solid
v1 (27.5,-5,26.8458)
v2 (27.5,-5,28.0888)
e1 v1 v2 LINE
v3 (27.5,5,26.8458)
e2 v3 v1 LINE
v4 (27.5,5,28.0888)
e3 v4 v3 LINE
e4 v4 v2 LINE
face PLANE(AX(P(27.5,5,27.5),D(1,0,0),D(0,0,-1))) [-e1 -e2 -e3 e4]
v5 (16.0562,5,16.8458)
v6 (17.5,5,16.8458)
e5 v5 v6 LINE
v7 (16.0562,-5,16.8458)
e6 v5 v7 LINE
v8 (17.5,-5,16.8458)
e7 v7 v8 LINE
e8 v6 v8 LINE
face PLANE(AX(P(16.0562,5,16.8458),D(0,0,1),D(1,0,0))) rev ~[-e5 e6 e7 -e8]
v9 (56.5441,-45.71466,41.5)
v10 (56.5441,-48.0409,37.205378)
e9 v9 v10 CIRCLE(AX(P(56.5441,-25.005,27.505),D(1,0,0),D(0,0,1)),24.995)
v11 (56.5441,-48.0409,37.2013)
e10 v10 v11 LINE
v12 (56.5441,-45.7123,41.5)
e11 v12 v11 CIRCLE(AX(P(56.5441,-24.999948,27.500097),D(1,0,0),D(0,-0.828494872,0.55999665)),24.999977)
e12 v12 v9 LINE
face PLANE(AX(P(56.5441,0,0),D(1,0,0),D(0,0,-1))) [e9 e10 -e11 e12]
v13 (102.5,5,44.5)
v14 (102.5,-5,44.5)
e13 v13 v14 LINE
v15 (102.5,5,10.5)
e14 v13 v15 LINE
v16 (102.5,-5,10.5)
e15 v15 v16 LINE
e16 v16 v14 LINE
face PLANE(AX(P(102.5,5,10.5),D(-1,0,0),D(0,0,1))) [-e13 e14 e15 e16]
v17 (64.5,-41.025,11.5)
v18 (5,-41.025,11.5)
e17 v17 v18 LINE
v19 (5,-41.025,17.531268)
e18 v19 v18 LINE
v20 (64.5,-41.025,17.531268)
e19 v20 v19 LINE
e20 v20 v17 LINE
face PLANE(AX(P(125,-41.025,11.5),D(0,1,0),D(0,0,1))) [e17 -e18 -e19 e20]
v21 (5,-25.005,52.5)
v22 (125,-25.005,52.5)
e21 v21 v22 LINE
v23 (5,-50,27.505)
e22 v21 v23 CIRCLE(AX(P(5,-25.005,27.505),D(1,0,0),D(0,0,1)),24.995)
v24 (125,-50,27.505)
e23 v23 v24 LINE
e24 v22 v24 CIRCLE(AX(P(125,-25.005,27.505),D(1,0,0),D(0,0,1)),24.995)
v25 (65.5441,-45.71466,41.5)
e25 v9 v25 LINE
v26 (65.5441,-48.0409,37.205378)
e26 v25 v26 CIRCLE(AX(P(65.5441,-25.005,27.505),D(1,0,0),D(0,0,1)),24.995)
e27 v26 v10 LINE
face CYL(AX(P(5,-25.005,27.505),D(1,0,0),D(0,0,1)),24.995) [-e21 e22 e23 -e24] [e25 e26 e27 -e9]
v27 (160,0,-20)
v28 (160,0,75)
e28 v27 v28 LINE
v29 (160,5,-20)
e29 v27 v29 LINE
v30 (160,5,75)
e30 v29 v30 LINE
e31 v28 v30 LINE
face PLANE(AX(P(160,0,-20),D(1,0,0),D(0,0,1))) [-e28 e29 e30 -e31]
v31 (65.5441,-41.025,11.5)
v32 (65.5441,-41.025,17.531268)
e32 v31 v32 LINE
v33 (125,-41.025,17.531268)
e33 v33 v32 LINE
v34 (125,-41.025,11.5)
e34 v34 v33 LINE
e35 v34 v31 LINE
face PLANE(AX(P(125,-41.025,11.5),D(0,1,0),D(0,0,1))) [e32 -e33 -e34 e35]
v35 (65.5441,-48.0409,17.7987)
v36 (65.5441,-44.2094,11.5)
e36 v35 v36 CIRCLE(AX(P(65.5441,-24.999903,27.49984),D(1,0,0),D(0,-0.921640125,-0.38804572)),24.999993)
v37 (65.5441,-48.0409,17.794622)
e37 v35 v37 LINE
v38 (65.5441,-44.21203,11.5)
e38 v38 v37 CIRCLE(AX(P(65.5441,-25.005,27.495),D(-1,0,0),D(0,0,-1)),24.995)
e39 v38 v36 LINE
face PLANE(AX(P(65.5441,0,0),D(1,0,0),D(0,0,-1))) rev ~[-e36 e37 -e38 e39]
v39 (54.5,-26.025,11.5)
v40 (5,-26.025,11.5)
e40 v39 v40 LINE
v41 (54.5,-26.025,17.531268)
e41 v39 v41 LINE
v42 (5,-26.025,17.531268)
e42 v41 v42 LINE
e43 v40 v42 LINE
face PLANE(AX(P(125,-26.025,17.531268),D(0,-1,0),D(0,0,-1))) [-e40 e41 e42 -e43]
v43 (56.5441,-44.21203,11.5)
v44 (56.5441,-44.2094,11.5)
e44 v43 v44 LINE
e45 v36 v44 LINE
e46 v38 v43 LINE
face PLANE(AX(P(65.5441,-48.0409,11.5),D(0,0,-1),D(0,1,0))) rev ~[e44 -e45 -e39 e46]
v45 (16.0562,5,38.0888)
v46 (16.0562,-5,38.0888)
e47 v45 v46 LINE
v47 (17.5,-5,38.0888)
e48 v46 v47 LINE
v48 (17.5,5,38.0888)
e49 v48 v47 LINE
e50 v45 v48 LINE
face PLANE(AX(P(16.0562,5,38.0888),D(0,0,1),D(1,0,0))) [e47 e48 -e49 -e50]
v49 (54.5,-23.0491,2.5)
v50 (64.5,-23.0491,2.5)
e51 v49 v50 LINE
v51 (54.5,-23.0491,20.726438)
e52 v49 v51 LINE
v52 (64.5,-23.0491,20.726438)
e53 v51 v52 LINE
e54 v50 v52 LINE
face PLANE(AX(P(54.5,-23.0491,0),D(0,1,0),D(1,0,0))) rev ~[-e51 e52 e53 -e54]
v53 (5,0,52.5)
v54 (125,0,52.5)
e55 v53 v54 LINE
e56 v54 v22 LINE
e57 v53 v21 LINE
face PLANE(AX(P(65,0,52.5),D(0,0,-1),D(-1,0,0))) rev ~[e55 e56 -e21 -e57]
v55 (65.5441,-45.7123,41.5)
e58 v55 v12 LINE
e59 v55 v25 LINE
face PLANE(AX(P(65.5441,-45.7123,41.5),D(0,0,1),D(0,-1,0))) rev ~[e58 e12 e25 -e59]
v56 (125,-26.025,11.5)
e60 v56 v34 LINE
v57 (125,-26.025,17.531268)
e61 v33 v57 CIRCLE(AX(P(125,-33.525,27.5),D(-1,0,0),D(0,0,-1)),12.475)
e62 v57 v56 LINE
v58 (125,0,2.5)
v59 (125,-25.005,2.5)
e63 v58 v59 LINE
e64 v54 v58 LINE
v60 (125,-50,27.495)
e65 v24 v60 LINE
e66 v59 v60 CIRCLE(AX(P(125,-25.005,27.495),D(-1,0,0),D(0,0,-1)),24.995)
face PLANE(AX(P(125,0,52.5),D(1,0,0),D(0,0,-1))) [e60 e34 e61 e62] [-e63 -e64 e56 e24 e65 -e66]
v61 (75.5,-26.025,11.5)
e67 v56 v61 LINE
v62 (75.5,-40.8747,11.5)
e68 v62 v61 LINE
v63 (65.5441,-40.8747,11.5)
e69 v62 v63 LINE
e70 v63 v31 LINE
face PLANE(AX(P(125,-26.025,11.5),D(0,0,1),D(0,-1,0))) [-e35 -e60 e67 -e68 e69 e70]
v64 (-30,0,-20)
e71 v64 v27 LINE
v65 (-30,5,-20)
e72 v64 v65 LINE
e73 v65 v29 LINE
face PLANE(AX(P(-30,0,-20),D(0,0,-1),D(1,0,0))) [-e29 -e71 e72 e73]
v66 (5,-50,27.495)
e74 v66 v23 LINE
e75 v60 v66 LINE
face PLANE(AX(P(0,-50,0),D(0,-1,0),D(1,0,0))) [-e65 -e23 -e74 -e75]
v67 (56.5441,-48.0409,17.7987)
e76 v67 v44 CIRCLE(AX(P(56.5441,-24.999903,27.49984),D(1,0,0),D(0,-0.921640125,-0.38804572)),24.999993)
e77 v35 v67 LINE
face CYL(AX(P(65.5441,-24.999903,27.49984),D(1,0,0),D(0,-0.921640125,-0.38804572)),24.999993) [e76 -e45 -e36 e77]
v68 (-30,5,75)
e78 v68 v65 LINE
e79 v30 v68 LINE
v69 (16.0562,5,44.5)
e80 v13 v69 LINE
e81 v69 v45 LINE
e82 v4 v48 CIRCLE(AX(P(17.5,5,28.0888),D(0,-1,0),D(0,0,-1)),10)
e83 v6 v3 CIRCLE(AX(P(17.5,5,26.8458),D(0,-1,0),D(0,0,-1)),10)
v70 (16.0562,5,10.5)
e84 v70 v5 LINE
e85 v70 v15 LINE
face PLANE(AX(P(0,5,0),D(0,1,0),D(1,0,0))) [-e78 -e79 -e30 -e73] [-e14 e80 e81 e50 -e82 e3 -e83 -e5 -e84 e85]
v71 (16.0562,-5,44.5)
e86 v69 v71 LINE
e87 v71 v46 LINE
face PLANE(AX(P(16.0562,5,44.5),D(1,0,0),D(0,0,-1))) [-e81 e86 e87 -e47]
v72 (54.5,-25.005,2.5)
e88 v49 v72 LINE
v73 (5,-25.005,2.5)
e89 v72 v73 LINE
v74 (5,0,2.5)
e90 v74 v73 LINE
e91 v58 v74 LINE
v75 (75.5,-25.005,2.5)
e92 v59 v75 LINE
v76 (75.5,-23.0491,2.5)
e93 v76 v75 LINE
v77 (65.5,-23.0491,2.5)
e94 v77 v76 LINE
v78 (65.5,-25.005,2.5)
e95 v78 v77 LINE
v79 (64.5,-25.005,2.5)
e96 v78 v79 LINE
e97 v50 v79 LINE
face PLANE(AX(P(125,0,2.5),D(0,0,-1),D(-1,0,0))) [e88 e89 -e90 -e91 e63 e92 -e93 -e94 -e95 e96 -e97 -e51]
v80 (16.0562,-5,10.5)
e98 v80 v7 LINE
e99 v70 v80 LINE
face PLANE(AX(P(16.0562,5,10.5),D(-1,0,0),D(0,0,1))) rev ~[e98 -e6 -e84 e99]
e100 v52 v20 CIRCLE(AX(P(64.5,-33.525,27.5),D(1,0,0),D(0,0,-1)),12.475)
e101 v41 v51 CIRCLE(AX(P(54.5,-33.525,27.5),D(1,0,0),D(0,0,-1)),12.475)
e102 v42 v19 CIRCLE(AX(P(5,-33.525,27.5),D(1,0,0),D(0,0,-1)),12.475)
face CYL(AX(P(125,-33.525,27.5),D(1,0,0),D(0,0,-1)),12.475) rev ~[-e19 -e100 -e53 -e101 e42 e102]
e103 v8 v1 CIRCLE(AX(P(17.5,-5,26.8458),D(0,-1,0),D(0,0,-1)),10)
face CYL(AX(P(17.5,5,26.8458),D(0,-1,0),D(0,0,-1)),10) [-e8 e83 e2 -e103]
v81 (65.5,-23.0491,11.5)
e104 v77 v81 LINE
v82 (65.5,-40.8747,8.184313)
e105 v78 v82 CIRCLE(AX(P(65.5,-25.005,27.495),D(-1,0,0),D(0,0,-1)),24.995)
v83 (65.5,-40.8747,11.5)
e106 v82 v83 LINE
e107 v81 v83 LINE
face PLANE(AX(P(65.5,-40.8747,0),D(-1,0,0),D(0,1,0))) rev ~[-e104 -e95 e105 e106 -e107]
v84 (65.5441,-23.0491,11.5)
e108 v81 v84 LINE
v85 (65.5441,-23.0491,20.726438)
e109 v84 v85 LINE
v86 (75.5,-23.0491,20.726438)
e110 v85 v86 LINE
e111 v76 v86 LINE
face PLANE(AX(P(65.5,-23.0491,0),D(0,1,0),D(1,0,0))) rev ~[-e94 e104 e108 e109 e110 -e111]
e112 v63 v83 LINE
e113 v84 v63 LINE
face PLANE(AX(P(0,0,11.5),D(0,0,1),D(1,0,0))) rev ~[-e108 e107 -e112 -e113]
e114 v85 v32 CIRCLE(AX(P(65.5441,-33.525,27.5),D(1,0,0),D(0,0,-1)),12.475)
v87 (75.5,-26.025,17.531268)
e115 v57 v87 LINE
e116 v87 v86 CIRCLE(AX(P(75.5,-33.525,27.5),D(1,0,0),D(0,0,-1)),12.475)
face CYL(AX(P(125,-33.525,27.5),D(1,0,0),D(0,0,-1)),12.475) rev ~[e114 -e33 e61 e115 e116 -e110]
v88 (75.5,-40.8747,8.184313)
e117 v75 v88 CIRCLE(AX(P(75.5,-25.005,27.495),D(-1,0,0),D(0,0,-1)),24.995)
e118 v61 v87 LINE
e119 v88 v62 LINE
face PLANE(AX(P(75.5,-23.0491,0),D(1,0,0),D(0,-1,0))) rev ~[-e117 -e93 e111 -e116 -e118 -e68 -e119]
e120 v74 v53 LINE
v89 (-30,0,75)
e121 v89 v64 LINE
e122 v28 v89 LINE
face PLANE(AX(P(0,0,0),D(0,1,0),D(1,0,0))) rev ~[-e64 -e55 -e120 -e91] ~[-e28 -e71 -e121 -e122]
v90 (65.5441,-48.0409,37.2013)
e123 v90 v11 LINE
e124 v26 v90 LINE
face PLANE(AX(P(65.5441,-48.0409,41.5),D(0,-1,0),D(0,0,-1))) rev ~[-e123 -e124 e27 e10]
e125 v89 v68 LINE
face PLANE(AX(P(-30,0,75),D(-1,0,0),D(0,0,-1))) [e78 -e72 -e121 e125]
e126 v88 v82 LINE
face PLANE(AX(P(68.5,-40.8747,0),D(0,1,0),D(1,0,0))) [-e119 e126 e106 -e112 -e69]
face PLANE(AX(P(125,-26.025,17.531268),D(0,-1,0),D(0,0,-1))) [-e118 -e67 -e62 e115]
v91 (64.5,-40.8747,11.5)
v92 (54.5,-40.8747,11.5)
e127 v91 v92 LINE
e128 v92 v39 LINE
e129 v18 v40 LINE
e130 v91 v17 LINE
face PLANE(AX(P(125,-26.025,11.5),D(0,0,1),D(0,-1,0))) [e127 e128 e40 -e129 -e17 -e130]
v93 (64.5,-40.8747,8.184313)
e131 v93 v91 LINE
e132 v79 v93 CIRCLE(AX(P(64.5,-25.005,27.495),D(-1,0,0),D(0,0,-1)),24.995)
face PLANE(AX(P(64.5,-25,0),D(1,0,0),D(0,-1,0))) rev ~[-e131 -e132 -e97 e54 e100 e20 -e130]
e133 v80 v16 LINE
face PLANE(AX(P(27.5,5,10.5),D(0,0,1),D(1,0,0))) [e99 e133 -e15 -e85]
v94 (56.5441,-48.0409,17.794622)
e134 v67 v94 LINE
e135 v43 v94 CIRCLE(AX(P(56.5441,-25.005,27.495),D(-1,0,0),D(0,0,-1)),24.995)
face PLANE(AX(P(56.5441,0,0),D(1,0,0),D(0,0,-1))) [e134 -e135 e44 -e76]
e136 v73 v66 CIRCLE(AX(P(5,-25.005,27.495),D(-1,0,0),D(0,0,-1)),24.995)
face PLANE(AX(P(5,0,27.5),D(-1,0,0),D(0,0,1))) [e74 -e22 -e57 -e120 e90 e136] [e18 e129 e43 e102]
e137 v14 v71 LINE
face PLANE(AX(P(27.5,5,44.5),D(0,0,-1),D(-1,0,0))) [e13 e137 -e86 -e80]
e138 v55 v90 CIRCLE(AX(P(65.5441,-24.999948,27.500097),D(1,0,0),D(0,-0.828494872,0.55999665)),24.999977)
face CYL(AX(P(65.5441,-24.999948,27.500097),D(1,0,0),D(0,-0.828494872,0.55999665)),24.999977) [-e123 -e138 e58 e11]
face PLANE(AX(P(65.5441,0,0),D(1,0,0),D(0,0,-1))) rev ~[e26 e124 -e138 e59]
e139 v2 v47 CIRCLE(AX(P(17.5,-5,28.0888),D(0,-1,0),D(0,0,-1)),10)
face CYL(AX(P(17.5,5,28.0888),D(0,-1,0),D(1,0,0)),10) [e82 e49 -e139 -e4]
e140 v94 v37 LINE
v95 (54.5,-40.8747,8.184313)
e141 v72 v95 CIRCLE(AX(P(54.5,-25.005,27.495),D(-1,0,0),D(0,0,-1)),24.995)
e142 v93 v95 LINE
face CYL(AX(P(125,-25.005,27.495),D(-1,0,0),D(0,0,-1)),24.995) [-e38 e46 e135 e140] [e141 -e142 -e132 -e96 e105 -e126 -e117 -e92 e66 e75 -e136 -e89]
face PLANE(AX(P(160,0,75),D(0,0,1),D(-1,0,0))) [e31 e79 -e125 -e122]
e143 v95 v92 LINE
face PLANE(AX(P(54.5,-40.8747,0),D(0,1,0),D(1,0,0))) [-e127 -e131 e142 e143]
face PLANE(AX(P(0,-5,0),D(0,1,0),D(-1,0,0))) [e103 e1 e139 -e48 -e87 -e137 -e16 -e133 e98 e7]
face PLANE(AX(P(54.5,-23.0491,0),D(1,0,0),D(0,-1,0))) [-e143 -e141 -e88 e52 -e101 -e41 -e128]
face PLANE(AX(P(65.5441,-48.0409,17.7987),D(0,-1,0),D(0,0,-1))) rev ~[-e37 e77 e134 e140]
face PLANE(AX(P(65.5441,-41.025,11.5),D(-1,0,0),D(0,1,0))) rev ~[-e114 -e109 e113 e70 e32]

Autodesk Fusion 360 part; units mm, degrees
sketch "Boceto1" plane through (0, 0, 0) normal (0, 1, 0) x (1, 0, 0)
  line L0 (-30, 20) -> (160, 20)
  line L1 (160, 20) -> (160, -75)
  line L2 (160, -75) -> (-30, -75)
  line L3 (-30, -75) -> (-30, 20)
  dimension "d1" = 190
  dimension "d2" = 95
extrude "Extruir1" add sketch "Boceto1" along normal blind 5
sketch "Boceto2" plane through (0, 0, 0) normal (0, -1, 0) x (1, 0, 0)
  line L0 (160, 75) -> (-30, 75)
  line L1 (-30, 75) -> (-30, -20)
  line L2 (-30, -20) -> (160, -20)
  line L3 (160, -20) -> (160, 75)
  line L4 (-30, 27.5) -> (5, 27.5)
  line L5 (65, 52.5) -> (5, 52.5)
  line L6 (125, 27.5) -> (125, 2.5)
  line L7 (5, 52.5) -> (125, 52.5)
  line L8 (125, 52.5) -> (125, 2.5)
  line L9 (125, 2.5) -> (5, 2.5)
  line L10 (5, 2.5) -> (5, 52.5)
  point P0 (65, 27.5)
  dimension "d5" = 47.5
  dimension "d6" = 95
  dimension "d7" = 25
  dimension "d8" = 60
  dimension "d9" = 60
  dimension "d10" = 25
extrude "Extruir2" add sketch "Boceto2" along normal blind 50 contours L5 L6 L7 L8 L9 L10
sketch "Boceto3" plane through (125, 0, 0) normal (1, 0, 0) x (0, 0, -1)
  line L0 (-2.5, 0) -> (-52.5, 0)
  line L1 (-52.5, 0) -> (-52.5, -50)
  line L2 (-52.5, -50) -> (-2.5, -50)
  line L3 (-2.5, -50) -> (-2.5, 0)
  line L4 (-52.5, -50) -> (-27.5, -50)
  line L5 (-27.5, -50) -> (-27.5, -46)
  circle A0 centre (-27.5, -33.525) radius 12.475
  dimension "d13" = 25
  dimension "d14" = 4
  dimension "d15" = 24.95
extrude "Extruir3" cut sketch "Boceto3" against normal blind 150 contours A0
sketch "Boceto4" plane through (125, 0, 0) normal (1, 0, 0) x (0, 0, -1)
  circle A0 centre (-27.5, -33.525) radius 12.475
  line L0 (-2.5, 0) -> (-52.5, 0)
  line L1 (-52.5, 0) -> (-52.5, -50)
  line L2 (-52.5, -50) -> (-2.5, -50)
  line L3 (-2.5, -50) -> (-2.5, 0)
  line L4 (-27.5, -33.525) -> (-18.5, -33.525)
  line L5 (-18.5, -33.525) -> (-18.5, -26.025)
  line L6 (-18.5, -26.025) -> (-11.5, -26.025)
  line L7 (-11.5, -26.025) -> (-11.5, -41.025)
  line L8 (-11.5, -41.025) -> (-18.5, -41.025)
  line L9 (-18.5, -41.025) -> (-18.5, -26.025)
  dimension "d18" = 9
  dimension "d19" = 7.5
  dimension "d20" = 7
  dimension "d21" = 15
extrude "Extruir4" cut sketch "Boceto4" against normal blind 180 contours A0 L6 L7 L8
fillet "Empalme1" radius 25 2 edges at (65, -50, 2.5) (65, -50, 52.5)
sketch "Boceto5" plane through (0, 0, 0) normal (0, 0, 1) x (1, 0, 0)
  line L0 (64.5, -25) -> (64.5, -45)
  line L1 (68.5, -25) -> (68.5, -45)
  line L2 (65.5, -25) -> (65.5, -5)
  line L3 (64.5, -5) -> (64.5, -25)
  line L4 (64.5, -45) -> (54.5, -45)
  line L5 (54.5, -45) -> (64.5, -45)
  line L6 (64.5, -45) -> (64.5, -5)
  line L7 (64.5, -5) -> (54.5, -5)
  line L8 (54.5, -5) -> (54.5, -45)
  line L9 (68.5, -45) -> (75.5, -45)
  line L10 (75.5, -45) -> (65.5, -45)
  line L11 (65.5, -45) -> (65.5, -5)
  line L12 (65.5, -5) -> (75.5, -5)
  line L13 (75.5, -5) -> (75.5, -45)
  line L14 (54.5, -40.8747) -> (75.5, -40.8747)
  line L15 (54.5, -23.0491) -> (75.5, -23.0491)
  dimension "d33" = 20
  dimension "d35" = 20
  dimension "d36" = 10
  dimension "d37" = 7
  dimension "d38" = 10
extrude "Extruir5" cut sketch "Boceto5" along normal blind 31 contours L0 L3 L6 L8 L14 L15 | L2 L11 L13 L14 L15
sketch "Boceto6" plane through (0, 0, 11.5) normal (0, 0, 1) x (1, 0, 0)
  line L0 (54.5, -40.8747) -> (54.5, -26.025)
  line L1 (54.5, -26.025) -> (5, -26.025)
  line L2 (5, -26.025) -> (5, -41.025)
  line L3 (5, -41.025) -> (125, -41.025)
  line L4 (125, -41.025) -> (125, -26.025)
  line L5 (125, -26.025) -> (75.5, -26.025)
  line L6 (75.5, -26.025) -> (75.5, -40.8747)
  line L7 (75.5, -40.8747) -> (65.5, -40.8747)
  line L8 (65.5, -40.8747) -> (65.5, -26.025)
  line L9 (65.5, -26.025) -> (64.5, -26.025)
  line L10 (64.5, -26.025) -> (64.5, -40.8747)
  line L11 (64.5, -40.8747) -> (54.5, -40.8747)
  line L12 (64.5, -48.0409) -> (65.5441, -48.0409)
  line L13 (65.5441, -48.0409) -> (65.5441, -10.5894)
  line L14 (65.5441, -10.5894) -> (64.5, -10.5894)
  line L15 (64.5, -10.5894) -> (64.5, -48.0409)
extrude "Extruir6" add sketch "Boceto6" along normal blind 30 contours L3 L7 L8 L9 L10 L13 L15 | L7 L8 L9 L13 L14 L15 | L3 L12 L13 L15
sketch "Boceto7" plane through (65.5441, 0, 0) normal (1, 0, 0) x (0, 0, -1)
  arc A0 (-17.7987, -48.0409) -> (-11.5, -44.2094) centre (-27.5, -25) ccw
  line L0 (-17.7987, -48.0409) -> (-11.5, -48.0409)
  line L1 (-11.5, -48.0409) -> (-11.5, -44.2094)
  arc A1 (-41.5, -45.7123) -> (-37.2013, -48.0409) centre (-27.5, -25) ccw
  line L2 (-41.5, -45.7123) -> (-41.5, -48.0409)
  line L3 (-41.5, -48.0409) -> (-37.2013, -48.0409)
extrude "Extruir7" cut sketch "Boceto7" against normal blind 9
sketch "Boceto8" plane through (125, 0, 0) normal (1, 0, 0) x (0, 0, -1)
  line L0 (-11.5, -41.025) -> (-17.5313, -41.025)
  arc A0 (-17.5313, -26.025) -> (-17.5313, -41.025) centre (-27.5, -33.525) ccw
  line L1 (-17.5313, -26.025) -> (-11.5, -26.025)
  line L2 (-11.5, -26.025) -> (-11.5, -41.025)
  arc A1 (-52.5, -25) -> (-2.5, -25) centre (-27.5, -25) ccw
  line L3 (-2.5, -25) -> (-2.5, 0)
  line L4 (-2.5, 0) -> (-52.5, 0)
  line L5 (-52.5, 0) -> (-52.5, -25)
  line L6 (-27.5, -33.525) -> (-27.5, -48)
sketch "Boceto9" plane through (0, 5, 0) normal (0, 1, 0) x (-1, 0, 0)
  line L0 (30, 75) -> (-160, 75)
  line L1 (-160, 75) -> (-160, -20)
  line L2 (-160, -20) -> (30, -20)
  line L3 (30, -20) -> (30, 75)
  line L4 (30, 75) -> (30, 27.5)
  line L5 (30, 27.5) -> (-65, 27.5)
  line L6 (-65, 27.5) -> (-102.5, 27.5)
  line L7 (-102.5, 27.5) -> (-102.5, 44.5)
  line L8 (-102.5, 44.5) -> (-27.5, 44.5)
  line L9 (-27.5, 44.5) -> (-27.5, 10.5)
  line L10 (-27.5, 10.5) -> (-102.5, 10.5)
  line L11 (-102.5, 10.5) -> (-102.5, 44.5)
  dimension "d47" = 47.5
  dimension "d48" = 95
  dimension "d49" = 37.5
  dimension "d50" = 17
  dimension "d51" = 34
  dimension "d52" = 75
extrude "Extruir8" cut sketch "Boceto9" against normal blind 10 contours L5 L6 L9 L10 L11 | L5 L6 L7 L8 L9 L11
sketch "Boceto10" plane through (0, 5, 0) normal (0, 1, 0) x (-1, 0, 0)
  line L0 (-27.5, 44.5) -> (-27.5, 10.5)
  line L1 (-27.5, 10.5) -> (-102.5, 10.5)
  line L2 (-102.5, 10.5) -> (-102.5, 44.5)
  line L3 (-102.5, 44.5) -> (-27.5, 44.5)
  line L4 (30, 75) -> (-160, 75)
  line L5 (-160, 75) -> (-160, -20)
  line L6 (-160, -20) -> (30, -20)
  line L7 (30, -20) -> (30, 75)
  line L8 (-27.5, 44.5) -> (-16.0562, 44.5)
  line L9 (-16.0562, 44.5) -> (-16.0562, 38.0888)
  line L10 (-16.0562, 38.0888) -> (-27.5, 38.0888)
  line L11 (-27.5, 38.0888) -> (-27.5, 44.5)
  line L12 (-27.5, 10.5) -> (-16.0562, 10.5)
  line L13 (-16.0562, 10.5) -> (-16.0562, 16.8458)
  line L14 (-16.0562, 16.8458) -> (-27.5, 16.8458)
  line L15 (-27.5, 16.8458) -> (-27.5, 10.5)
extrude "Extruir9" cut sketch "Boceto10" against normal blind 10 contours L0 L8 L9 L10 L11 | L0 L12 L13 L14 L15
fillet "Empalme2" radius 10 2 edges at (27.5, 0, 16.8458) (27.5, 0, 38.0888)
sketch "Boceto11" plane through (0, 5, 0) normal (0, 1, 0) x (-1, 0, 0)
  arc A0 (-17.5, 38.0888) -> (-27.5, 28.0888) centre (-17.5, 28.0888) ccw
  line L0 (-27.5, 28.0888) -> (-27.5, 26.8458)
  arc A1 (-27.5, 26.8458) -> (-17.5, 16.8458) centre (-17.5, 26.8458) ccw
  line L1 (-17.5, 16.8458) -> (-16.0562, 16.8458)
  line L2 (-16.0562, 16.8458) -> (-16.0562, 10.5)
  line L3 (-16.0562, 10.5) -> (-102.5, 10.5)
  line L4 (-102.5, 10.5) -> (-102.5, 44.5)
  line L5 (-102.5, 44.5) -> (-16.0562, 44.5)
  line L6 (-16.0562, 44.5) -> (-16.0562, 38.0888)
  line L7 (-16.0562, 38.0888) -> (-17.5, 38.0888)
  line L8 (30, 75) -> (-160, 75)
  line L9 (-160, 75) -> (-160, -20)
  line L10 (-160, -20) -> (30, -20)
  line L11 (30, -20) -> (30, 75)
